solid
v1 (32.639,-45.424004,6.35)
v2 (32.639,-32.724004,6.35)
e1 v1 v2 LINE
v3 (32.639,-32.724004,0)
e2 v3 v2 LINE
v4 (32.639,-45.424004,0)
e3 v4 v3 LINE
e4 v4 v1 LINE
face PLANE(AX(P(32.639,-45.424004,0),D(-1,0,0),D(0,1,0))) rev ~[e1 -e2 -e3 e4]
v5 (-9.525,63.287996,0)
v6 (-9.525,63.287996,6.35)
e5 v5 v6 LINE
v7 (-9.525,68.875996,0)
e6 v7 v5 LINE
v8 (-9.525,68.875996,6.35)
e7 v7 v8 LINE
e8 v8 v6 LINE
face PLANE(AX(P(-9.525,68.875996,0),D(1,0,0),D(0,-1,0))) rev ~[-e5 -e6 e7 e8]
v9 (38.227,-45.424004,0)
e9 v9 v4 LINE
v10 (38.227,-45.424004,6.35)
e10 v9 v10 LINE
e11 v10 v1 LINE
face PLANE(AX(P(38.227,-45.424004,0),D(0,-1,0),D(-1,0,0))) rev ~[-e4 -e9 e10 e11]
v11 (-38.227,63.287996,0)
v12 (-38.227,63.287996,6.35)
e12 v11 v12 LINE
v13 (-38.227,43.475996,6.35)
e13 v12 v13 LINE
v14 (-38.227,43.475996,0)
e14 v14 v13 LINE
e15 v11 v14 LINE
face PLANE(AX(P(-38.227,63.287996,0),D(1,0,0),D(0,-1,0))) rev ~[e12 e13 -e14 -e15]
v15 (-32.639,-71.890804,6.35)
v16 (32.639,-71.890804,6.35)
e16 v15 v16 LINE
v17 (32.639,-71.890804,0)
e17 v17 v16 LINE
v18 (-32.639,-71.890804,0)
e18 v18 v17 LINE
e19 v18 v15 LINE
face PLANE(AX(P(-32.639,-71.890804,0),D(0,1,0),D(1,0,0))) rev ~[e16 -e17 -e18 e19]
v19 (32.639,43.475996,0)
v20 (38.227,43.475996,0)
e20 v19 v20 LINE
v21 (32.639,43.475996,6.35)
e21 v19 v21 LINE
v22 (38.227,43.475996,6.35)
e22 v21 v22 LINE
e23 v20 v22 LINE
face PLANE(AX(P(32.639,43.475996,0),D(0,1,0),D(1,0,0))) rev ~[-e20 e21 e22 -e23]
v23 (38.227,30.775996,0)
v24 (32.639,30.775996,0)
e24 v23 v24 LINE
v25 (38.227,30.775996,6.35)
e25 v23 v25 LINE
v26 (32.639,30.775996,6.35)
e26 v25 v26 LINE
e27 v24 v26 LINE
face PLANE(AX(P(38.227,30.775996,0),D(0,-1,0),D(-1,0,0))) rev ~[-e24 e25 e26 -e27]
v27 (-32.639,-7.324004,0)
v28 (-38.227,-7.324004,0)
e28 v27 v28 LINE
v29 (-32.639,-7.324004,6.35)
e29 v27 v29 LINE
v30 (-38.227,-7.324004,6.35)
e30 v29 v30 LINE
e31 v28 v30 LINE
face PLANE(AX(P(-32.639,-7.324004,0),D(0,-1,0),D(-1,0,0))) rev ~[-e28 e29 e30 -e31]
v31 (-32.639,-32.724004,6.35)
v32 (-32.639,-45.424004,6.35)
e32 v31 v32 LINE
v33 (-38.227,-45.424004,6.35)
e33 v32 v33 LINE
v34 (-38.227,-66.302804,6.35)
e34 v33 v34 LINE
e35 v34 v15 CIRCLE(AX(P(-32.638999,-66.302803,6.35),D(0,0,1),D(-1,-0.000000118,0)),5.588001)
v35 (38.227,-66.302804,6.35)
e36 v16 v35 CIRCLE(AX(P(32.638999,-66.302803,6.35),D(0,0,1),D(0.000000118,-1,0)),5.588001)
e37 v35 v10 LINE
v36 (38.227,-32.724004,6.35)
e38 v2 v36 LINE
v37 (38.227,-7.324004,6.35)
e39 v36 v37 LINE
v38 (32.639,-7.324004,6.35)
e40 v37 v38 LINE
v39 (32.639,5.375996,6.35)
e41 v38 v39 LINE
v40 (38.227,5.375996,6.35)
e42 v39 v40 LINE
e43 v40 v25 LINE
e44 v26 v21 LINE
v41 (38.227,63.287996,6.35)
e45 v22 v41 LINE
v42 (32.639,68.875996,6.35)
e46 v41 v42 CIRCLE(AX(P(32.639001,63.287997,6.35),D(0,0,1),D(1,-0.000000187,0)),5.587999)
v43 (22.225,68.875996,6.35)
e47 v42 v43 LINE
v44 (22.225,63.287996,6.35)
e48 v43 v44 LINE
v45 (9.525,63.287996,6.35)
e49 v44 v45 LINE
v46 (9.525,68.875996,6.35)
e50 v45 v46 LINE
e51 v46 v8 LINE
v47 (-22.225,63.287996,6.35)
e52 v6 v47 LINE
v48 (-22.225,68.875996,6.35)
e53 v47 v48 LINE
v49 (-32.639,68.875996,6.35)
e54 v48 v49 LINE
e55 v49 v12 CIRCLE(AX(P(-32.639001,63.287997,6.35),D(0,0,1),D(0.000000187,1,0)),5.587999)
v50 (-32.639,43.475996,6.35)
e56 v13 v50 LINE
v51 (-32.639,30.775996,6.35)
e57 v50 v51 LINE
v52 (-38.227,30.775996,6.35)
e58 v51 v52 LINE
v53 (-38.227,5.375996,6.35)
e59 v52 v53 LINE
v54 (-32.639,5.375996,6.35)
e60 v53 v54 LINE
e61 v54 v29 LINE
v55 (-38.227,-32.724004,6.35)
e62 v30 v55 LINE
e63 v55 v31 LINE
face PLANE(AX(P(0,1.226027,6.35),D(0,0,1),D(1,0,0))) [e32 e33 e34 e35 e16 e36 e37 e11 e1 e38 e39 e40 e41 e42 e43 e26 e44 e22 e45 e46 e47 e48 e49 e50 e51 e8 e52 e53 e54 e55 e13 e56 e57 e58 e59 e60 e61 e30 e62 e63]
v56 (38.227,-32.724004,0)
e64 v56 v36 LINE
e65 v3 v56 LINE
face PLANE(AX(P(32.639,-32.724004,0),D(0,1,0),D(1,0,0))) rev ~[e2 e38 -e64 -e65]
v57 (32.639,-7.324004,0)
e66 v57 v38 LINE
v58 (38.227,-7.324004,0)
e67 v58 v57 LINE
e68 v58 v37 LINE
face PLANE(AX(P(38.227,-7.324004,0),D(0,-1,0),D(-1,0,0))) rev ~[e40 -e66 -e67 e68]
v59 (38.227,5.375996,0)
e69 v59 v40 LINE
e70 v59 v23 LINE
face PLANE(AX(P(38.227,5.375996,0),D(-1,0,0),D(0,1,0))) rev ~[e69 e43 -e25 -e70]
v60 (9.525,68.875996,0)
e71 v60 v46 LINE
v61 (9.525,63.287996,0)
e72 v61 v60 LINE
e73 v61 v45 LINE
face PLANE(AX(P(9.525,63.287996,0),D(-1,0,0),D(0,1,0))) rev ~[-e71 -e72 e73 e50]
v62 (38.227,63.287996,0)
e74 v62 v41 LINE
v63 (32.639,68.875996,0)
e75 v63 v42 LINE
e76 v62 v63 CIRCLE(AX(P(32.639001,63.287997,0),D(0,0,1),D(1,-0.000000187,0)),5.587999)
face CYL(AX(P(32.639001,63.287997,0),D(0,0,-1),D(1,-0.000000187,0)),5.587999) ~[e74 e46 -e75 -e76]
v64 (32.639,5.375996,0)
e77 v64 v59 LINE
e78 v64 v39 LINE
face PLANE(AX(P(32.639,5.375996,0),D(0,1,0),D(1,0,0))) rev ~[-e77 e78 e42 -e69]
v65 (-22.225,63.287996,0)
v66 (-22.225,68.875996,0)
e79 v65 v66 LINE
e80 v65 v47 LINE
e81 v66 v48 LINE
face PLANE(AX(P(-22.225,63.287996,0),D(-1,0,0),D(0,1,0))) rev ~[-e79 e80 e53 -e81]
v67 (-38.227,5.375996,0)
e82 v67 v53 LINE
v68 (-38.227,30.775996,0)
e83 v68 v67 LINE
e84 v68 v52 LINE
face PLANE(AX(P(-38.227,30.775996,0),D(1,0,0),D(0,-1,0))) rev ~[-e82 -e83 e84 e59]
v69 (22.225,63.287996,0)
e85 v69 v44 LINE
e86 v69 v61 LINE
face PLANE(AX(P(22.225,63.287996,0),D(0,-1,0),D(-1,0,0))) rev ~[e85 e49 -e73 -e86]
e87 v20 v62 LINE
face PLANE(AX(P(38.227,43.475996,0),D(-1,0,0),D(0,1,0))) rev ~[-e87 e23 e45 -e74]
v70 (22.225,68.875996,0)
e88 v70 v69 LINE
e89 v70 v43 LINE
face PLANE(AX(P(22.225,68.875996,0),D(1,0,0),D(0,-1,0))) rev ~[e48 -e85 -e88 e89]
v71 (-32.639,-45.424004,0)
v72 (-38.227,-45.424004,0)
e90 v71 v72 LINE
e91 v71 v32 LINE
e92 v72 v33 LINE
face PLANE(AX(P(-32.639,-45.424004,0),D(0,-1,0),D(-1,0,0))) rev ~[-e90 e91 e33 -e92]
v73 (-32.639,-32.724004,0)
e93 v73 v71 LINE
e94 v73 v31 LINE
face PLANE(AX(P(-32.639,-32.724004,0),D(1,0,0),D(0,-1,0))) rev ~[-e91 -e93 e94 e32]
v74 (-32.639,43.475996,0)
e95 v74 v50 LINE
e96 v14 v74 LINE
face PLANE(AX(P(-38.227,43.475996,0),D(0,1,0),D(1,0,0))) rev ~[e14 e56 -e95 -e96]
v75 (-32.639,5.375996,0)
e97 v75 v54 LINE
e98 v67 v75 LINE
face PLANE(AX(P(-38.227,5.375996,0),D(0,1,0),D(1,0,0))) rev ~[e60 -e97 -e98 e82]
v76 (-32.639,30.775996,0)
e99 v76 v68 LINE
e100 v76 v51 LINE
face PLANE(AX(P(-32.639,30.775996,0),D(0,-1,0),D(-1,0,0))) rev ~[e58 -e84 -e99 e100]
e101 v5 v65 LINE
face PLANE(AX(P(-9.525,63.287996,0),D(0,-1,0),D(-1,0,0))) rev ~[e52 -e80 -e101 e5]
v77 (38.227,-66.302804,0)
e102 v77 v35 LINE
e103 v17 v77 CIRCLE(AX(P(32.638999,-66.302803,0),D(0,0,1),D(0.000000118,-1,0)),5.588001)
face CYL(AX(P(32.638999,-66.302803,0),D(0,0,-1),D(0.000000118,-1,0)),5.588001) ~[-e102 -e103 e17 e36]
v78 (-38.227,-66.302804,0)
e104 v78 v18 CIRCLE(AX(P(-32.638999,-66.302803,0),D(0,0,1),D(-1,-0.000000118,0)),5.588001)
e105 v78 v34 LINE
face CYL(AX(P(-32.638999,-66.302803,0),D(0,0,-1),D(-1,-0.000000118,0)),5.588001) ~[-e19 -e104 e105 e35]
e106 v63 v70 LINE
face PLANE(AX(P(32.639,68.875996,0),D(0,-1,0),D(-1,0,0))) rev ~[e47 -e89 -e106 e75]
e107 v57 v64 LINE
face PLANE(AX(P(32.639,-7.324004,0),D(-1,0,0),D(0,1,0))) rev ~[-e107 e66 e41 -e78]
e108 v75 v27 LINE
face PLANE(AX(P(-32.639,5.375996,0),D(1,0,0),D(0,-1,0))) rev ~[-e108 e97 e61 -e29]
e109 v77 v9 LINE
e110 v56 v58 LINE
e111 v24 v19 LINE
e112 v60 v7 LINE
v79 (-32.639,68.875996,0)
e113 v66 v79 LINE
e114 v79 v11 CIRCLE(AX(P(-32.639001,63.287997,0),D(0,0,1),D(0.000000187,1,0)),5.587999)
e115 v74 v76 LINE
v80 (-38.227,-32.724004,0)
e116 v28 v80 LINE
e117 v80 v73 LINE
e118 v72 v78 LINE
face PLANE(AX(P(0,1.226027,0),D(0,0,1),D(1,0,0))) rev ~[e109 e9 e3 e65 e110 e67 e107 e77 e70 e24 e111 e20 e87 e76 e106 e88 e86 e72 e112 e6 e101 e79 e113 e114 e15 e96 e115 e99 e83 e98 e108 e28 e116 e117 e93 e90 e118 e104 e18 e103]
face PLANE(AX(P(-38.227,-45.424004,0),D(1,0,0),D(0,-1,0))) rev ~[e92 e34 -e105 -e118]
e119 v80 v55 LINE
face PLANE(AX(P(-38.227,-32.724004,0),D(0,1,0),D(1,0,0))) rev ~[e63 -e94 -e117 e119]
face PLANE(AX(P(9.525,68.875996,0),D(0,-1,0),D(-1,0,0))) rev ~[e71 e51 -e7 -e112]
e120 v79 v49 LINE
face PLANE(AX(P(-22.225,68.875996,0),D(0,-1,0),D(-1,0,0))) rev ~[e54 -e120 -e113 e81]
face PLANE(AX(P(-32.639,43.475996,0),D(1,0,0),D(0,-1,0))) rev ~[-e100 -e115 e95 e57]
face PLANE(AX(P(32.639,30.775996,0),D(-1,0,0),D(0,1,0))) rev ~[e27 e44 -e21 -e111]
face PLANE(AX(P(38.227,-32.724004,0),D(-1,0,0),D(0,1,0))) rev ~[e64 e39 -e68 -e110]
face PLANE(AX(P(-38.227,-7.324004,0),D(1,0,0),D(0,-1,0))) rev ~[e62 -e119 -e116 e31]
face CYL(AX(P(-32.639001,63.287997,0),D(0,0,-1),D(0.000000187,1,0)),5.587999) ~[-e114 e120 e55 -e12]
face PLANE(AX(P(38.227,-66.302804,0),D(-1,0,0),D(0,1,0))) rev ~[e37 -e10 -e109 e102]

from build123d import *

# Parameters (mm, degrees)
F1_DEPTH = 6.35


with BuildPart() as f1:
    # F0 (on Top) → F1 (new body)
    with BuildSketch(Plane.XY):
        with BuildLine():
            Line((-22.225, 68.875996), (-32.639, 68.875996))
            ThreePointArc((-32.639, 68.875996), (-36.590313, 67.239309), (-38.227, 63.287996))
            Line((-38.227, 63.287996), (-38.227, 43.475996))
            Line((-38.227, 43.475996), (-32.639, 43.475996))
            Line((-32.639, 43.475996), (-32.639, 30.775996))
            Line((-32.639, 30.775996), (-38.227, 30.775996))
            Line((-38.227, 30.775996), (-38.227, 5.375996))
            Line((-38.227, 5.375996), (-32.639, 5.375996))
            Line((-32.639, 5.375996), (-32.639, -7.324004))
            Line((-32.639, -7.324004), (-38.227, -7.324004))
            Line((-38.227, -7.324004), (-38.227, -32.724004))
            Line((-38.227, -32.724004), (-32.639, -32.724004))
            Line((-32.639, -32.724004), (-32.639, -45.424004))
            Line((-32.639, -45.424004), (-38.227, -45.424004))
            Line((-38.227, -45.424004), (-38.227, -52.56587))
            Line((-38.227, -52.56587), (-38.227, -66.302804))
            ThreePointArc((-38.227, -66.302804), (-36.590313, -70.254116), (-32.639, -71.890804))
            Line((-32.639, -71.890804), (-22.225, -71.890804))
            Line((-22.225, -71.890804), (-9.525, -71.890804))
            Line((-9.525, -71.890804), (10.287, -71.890804))
            Line((10.287, -71.890804), (22.987, -71.890804))
            Line((22.987, -71.890804), (32.639, -71.890804))
            ThreePointArc((32.639, -71.890804), (36.590313, -70.254116), (38.227, -66.302804))
            Line((38.227, -66.302804), (38.227, -52.56587))
            Line((38.227, -52.56587), (38.227, -45.424004))
            Line((38.227, -45.424004), (32.639, -45.424004))
            Line((32.639, -45.424004), (32.639, -32.724004))
            Line((32.639, -32.724004), (38.227, -32.724004))
            Line((38.227, -32.724004), (38.227, -7.324004))
            Line((38.227, -7.324004), (32.639, -7.324004))
            Line((32.639, -7.324004), (32.639, 5.375996))
            Line((32.639, 5.375996), (38.227, 5.375996))
            Line((38.227, 5.375996), (38.227, 30.775996))
            Line((38.227, 30.775996), (32.639, 30.775996))
            Line((32.639, 30.775996), (32.639, 43.475996))
            Line((32.639, 43.475996), (38.227, 43.475996))
            Line((38.227, 43.475996), (38.227, 63.287996))
            ThreePointArc((38.227, 63.287996), (36.590313, 67.239309), (32.639, 68.875996))
            Line((32.639, 68.875996), (22.225, 68.875996))
            Line((22.225, 68.875996), (22.225, 63.287996))
            Line((22.225, 63.287996), (9.525, 63.287996))
            Line((9.525, 63.287996), (9.525, 68.875996))
            Line((9.525, 68.875996), (-9.525, 68.875996))
            Line((-9.525, 68.875996), (-9.525, 63.287996))
            Line((-9.525, 63.287996), (-22.225, 63.287996))
            Line((-22.225, 63.287996), (-22.225, 68.875996))
        make_face()
    extrude(amount=F1_DEPTH)


solid = f1.part
